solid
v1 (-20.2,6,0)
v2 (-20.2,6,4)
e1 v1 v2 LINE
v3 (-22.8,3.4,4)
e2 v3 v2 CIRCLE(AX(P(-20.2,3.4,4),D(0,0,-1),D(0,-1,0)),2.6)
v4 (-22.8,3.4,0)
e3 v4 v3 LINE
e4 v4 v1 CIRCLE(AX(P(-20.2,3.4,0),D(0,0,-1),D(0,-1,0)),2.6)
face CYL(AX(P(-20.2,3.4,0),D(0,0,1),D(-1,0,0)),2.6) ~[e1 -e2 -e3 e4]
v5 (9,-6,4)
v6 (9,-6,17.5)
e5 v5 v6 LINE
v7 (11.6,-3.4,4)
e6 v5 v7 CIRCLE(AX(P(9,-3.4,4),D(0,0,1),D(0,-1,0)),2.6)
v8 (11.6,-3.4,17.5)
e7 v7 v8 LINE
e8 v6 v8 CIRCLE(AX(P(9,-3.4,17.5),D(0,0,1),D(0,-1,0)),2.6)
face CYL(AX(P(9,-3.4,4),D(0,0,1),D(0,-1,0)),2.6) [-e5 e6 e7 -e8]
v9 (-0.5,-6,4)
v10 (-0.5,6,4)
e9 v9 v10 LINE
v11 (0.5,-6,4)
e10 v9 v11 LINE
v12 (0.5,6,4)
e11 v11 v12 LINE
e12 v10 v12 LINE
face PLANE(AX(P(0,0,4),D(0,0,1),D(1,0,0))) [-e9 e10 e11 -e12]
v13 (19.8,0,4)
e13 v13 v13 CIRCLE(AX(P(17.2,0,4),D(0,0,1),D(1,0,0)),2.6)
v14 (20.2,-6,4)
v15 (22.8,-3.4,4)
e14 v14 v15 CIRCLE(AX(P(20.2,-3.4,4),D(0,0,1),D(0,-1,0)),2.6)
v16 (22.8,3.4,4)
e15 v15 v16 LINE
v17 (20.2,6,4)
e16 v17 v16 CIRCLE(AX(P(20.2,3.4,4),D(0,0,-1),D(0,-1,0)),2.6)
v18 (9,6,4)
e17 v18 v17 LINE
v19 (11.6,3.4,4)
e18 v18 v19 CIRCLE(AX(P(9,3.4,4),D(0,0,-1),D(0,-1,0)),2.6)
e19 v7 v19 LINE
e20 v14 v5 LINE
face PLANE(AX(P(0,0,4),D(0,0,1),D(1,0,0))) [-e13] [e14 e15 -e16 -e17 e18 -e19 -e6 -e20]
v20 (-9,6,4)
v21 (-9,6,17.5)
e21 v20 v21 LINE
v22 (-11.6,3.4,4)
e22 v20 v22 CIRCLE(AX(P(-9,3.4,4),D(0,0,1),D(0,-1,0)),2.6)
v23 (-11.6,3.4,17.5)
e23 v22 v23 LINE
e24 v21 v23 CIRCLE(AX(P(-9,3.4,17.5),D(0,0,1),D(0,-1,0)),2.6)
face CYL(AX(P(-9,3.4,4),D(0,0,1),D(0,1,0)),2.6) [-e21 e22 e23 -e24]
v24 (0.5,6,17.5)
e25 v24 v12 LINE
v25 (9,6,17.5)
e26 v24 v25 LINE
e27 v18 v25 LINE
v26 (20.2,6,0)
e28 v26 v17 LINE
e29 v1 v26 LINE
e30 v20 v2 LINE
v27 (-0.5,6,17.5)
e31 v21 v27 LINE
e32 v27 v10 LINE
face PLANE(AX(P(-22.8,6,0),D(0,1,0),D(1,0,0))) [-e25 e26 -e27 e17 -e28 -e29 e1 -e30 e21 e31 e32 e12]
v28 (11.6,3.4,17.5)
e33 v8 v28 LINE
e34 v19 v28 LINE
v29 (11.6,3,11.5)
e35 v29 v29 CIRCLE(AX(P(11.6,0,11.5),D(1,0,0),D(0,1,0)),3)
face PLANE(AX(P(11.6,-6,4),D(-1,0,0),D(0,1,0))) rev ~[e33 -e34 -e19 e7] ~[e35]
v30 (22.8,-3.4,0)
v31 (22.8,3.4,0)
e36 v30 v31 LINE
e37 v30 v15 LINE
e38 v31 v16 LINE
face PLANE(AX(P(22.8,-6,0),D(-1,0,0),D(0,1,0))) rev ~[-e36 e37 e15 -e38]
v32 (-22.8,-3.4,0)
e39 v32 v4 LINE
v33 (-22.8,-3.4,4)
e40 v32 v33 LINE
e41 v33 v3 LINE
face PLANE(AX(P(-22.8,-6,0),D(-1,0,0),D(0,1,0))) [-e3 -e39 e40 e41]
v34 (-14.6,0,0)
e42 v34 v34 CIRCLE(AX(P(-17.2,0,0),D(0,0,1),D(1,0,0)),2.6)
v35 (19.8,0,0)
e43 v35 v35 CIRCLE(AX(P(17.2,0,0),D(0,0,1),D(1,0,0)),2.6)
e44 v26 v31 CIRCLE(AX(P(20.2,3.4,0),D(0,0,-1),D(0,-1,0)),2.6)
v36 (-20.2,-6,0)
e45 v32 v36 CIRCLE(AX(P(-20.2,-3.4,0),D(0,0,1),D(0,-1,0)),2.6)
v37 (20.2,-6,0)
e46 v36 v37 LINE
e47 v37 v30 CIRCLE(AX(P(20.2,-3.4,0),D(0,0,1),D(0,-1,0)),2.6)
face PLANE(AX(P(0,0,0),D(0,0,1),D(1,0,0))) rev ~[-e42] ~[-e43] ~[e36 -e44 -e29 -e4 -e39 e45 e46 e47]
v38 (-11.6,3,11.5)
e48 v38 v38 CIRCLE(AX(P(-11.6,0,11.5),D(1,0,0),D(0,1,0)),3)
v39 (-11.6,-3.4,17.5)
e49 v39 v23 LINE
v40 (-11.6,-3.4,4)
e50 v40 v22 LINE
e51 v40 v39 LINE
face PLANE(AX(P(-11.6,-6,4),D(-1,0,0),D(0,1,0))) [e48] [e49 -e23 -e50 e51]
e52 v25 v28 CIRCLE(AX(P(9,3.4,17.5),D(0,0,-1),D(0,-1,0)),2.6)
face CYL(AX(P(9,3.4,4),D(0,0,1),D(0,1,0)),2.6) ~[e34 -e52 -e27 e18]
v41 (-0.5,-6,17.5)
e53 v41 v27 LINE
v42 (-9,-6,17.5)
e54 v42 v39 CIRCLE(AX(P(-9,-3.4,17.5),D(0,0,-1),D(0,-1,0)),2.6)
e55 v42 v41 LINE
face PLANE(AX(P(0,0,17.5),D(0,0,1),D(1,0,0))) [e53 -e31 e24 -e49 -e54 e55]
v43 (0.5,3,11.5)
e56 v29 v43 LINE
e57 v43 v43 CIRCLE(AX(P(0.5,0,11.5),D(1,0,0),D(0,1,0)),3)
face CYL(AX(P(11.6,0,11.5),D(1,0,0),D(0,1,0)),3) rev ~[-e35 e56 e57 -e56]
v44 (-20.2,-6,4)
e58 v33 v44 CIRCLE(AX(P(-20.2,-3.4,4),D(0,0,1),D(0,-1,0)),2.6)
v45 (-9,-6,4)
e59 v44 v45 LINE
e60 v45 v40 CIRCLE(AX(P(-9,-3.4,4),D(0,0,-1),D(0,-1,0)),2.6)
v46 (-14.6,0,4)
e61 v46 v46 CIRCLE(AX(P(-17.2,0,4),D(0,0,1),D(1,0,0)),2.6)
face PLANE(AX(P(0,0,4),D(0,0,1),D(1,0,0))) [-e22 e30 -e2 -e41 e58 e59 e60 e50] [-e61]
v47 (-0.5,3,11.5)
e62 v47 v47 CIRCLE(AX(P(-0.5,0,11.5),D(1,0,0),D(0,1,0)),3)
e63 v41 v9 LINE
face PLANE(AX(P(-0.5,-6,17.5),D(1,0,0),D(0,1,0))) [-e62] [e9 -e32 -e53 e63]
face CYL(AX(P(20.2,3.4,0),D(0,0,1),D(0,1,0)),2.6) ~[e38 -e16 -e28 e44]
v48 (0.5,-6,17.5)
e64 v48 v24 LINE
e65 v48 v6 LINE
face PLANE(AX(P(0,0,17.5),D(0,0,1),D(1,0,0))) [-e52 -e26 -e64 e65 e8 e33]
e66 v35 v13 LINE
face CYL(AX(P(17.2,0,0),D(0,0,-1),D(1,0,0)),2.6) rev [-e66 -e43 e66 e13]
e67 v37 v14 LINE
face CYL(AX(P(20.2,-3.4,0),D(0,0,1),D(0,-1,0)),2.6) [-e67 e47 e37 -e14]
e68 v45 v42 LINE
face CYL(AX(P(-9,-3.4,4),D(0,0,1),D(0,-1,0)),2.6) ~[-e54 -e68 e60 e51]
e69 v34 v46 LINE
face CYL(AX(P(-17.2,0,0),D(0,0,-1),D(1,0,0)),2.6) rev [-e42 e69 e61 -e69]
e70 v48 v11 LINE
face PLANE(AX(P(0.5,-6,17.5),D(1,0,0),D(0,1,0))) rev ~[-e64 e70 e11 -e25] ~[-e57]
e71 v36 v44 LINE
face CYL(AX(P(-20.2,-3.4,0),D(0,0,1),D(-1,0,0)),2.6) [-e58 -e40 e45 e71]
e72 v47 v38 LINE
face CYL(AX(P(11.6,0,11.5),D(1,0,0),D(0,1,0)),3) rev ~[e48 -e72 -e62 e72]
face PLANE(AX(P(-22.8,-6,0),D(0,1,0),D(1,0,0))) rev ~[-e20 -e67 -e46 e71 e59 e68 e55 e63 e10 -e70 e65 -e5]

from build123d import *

# Parameters (mm, degrees)
F3_W      = 45.6
F3_H      = 12
F3_R      = 2.6
F4_DEPTH  = 4
F5_W      = 23.2
F5_H      = 12
F6_DEPTH  = 13.5
F7_R      = 3
F8_DEPTH  = 23.2
F9_W      = 1
F9_H      = 12
F10_DEPTH = 13.5
F11_R     = 2.6


with BuildPart() as f4:
    # F3 (on Top) → F4 (new body)
    with BuildSketch(Plane.XY):
        Rectangle(F3_W, F3_H)
        with Locations((-17.2, 0)):
            Circle(F3_R, mode=Mode.SUBTRACT)
        with Locations((17.2, 0)):
            Circle(F3_R, mode=Mode.SUBTRACT)
    extrude(amount=F4_DEPTH)

    # F5 (on face) → F6 (join)
    with BuildSketch(Plane.XY.offset(4)):
        Rectangle(F5_W, F5_H)
    extrude(amount=F6_DEPTH)

    # F7 (on face) → F8 (cut, through all)
    with BuildSketch(Plane.YZ.offset(11.6)):
        with Locations((0, 11.5)):
            Circle(F7_R)
    extrude(amount=-F8_DEPTH, mode=Mode.SUBTRACT)

    # F9 (on face) → F10 (cut, through all)
    with BuildSketch(Plane.XY.offset(17.5)):
        Rectangle(F9_W, F9_H)
    extrude(amount=-F10_DEPTH, mode=Mode.SUBTRACT)

    # F11
    f11_edges = [f4.edges().sort_by_distance(p)[0] for p in [
        (-22.8, -6, 2),
        (-22.8, 6, 2),
        (22.8, -6, 2),
        (22.8, 6, 2),
        (-11.6, 6, 10.75),
        (-11.6, -6, 10.75),
        (11.6, 6, 10.75),
        (11.6, -6, 10.75),
    ]]
    fillet(f11_edges, radius=F11_R)


solid = f4.part
